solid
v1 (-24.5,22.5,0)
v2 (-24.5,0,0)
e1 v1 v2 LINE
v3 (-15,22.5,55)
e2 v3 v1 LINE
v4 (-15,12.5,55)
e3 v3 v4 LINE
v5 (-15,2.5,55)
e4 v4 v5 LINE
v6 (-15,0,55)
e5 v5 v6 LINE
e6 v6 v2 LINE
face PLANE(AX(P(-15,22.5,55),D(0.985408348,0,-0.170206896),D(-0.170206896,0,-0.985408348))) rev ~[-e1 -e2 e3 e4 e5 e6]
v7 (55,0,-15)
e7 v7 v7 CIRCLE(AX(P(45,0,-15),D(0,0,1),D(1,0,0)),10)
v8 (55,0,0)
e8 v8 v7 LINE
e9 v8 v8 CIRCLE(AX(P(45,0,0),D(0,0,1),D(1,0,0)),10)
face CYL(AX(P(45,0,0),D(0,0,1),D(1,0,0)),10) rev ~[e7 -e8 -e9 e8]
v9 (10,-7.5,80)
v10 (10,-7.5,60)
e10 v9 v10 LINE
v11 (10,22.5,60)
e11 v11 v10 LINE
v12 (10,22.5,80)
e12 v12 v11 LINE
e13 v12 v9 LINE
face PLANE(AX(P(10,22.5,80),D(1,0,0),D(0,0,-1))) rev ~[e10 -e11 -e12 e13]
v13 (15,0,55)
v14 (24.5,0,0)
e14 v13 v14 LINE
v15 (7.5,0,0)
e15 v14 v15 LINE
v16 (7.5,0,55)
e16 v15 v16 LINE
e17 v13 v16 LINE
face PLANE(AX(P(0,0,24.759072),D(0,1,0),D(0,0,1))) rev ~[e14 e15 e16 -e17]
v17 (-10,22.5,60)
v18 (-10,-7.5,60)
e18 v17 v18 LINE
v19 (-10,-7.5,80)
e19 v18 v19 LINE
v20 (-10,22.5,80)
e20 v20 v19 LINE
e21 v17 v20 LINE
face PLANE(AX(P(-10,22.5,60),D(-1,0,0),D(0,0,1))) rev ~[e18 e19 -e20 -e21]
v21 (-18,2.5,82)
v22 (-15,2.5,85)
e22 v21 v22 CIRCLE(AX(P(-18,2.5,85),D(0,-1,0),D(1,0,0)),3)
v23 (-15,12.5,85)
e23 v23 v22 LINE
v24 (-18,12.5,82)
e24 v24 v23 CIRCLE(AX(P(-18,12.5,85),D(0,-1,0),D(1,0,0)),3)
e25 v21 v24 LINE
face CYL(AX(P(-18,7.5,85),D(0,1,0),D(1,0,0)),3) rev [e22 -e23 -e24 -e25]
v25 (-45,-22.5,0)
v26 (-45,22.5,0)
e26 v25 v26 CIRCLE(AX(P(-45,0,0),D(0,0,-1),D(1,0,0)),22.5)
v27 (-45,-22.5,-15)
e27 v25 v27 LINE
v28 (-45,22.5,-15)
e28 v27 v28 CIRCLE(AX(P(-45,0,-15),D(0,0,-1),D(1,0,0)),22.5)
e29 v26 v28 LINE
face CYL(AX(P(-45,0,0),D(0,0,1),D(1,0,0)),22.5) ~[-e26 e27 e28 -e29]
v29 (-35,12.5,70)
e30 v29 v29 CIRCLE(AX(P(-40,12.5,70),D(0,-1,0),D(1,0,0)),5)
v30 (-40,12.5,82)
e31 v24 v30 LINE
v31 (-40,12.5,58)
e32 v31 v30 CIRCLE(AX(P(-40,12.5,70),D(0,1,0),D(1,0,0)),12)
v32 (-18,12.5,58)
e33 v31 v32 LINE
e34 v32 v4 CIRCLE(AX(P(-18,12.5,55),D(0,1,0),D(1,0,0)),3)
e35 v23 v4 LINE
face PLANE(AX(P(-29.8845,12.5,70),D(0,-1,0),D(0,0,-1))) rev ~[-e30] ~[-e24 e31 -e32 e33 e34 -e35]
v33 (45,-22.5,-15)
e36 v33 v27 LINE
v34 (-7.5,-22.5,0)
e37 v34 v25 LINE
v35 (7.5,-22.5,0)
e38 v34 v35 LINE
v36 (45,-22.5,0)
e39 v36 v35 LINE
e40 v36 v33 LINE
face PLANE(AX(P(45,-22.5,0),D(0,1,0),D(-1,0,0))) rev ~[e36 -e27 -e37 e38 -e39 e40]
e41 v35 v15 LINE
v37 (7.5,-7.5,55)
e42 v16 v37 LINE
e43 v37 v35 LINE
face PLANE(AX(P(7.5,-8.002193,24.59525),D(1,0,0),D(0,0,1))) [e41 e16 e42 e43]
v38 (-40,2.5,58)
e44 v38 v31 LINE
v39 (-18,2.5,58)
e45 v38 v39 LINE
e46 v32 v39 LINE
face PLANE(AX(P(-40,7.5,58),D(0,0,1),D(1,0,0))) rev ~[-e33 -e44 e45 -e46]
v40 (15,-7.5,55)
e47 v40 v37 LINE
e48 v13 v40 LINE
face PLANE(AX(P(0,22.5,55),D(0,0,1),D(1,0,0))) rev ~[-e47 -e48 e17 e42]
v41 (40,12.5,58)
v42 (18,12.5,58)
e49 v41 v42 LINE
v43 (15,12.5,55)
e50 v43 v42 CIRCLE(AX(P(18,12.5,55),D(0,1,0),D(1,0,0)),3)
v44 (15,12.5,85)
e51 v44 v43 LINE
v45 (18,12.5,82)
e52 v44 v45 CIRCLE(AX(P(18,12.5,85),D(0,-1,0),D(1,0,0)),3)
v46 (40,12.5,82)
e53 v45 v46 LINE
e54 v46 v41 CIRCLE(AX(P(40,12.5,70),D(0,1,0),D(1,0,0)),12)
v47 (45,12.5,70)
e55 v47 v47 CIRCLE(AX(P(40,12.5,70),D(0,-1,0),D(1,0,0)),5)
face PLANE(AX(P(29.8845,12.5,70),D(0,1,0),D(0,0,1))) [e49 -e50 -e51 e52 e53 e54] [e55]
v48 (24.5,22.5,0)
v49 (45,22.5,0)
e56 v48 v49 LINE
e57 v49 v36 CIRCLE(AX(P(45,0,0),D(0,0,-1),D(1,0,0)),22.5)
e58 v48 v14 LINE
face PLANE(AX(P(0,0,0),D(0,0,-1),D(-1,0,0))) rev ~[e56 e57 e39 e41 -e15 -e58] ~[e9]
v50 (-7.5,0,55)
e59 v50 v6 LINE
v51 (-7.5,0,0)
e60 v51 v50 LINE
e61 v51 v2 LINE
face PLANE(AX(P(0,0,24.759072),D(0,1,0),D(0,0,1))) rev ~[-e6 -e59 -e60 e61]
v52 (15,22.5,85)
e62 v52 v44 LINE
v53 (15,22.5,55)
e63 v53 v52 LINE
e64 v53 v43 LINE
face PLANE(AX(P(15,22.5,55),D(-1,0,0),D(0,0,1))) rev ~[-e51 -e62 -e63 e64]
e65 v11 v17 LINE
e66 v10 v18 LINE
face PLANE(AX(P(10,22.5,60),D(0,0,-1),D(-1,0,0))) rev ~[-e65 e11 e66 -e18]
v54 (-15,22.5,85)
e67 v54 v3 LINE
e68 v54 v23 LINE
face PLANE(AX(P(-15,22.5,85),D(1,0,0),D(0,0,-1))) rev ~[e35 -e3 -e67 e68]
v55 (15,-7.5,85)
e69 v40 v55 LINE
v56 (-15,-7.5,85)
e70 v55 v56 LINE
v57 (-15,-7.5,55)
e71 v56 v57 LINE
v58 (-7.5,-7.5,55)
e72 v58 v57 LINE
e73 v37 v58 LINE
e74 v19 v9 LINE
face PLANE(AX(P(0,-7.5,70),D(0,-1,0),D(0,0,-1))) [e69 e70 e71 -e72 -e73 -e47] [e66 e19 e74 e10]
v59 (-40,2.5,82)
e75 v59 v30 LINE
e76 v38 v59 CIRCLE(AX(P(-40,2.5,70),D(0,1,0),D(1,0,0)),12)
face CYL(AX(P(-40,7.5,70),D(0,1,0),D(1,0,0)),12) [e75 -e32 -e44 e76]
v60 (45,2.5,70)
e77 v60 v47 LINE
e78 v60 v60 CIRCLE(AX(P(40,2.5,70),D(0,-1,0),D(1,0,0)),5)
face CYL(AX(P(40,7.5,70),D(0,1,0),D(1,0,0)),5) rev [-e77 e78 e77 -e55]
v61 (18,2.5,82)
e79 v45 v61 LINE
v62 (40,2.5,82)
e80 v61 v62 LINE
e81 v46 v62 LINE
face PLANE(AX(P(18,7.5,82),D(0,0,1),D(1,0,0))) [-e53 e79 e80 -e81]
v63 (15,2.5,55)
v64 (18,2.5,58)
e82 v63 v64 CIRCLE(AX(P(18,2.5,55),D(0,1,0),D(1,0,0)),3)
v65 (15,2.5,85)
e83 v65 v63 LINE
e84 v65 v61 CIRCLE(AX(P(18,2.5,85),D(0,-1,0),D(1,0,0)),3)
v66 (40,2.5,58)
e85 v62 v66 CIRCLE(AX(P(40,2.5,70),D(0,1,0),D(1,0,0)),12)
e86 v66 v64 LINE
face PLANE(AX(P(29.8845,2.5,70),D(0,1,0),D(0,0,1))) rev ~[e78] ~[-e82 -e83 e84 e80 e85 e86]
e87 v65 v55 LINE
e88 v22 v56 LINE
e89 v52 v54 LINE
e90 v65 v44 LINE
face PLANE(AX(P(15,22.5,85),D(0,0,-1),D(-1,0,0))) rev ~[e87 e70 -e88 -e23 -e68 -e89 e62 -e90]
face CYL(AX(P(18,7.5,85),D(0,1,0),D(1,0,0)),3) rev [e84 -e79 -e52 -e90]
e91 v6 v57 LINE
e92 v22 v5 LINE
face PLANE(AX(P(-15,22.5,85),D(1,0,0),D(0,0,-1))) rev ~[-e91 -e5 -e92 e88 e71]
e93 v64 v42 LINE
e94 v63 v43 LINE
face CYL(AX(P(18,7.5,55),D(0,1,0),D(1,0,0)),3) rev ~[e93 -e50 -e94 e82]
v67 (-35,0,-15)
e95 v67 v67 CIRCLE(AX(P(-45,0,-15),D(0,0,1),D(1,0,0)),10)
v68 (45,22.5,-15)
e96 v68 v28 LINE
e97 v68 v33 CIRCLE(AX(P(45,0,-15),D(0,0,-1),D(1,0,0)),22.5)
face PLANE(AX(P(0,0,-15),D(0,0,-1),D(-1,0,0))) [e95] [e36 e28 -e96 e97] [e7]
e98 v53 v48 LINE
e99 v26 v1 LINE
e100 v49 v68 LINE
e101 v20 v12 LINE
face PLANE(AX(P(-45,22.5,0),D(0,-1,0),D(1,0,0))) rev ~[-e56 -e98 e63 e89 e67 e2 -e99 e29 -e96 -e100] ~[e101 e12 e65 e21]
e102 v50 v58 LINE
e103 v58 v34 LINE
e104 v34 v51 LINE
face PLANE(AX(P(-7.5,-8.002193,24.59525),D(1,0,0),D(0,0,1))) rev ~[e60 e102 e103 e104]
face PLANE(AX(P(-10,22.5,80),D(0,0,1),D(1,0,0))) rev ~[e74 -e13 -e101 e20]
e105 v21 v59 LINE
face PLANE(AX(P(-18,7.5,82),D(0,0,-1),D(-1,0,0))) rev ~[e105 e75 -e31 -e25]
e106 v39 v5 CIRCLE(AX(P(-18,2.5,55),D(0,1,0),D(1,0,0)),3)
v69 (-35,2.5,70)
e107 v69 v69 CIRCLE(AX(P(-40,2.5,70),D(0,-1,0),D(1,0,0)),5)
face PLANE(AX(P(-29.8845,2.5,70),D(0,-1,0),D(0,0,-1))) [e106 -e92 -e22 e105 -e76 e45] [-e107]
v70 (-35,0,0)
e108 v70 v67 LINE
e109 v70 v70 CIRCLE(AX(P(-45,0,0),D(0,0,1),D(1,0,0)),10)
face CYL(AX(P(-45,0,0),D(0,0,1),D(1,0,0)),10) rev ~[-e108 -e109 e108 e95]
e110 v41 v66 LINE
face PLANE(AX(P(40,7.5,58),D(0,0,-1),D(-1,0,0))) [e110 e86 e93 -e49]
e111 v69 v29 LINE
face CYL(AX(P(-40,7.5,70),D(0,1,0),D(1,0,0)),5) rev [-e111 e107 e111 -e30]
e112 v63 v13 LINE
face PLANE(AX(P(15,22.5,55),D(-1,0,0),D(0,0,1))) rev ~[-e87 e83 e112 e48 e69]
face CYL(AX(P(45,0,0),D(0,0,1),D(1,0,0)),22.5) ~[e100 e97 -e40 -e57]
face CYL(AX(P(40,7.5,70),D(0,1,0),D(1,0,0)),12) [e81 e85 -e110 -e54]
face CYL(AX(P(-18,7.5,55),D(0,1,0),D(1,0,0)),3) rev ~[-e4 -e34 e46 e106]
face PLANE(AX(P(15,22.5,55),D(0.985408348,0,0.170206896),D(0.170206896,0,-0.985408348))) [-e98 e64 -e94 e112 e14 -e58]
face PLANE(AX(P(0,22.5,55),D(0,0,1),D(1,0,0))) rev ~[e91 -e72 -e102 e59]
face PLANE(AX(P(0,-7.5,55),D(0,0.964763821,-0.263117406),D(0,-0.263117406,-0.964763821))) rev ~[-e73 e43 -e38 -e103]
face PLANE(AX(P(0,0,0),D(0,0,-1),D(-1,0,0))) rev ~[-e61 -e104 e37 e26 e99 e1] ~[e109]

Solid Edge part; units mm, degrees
sketch "Sketch1" plane through (0, 0, 0) normal (0, 0, 1) x (1, 0, 0)
  line L0 (-45, 22.5) -> (-24.5, 22.5)
  line L1 (-24.5, 22.5) -> (-7.5, 22.5)
  line L2 (-7.5, 22.5) -> (7.5, 22.5)
  line L3 (7.5, 22.5) -> (24.5, 22.5)
  line L4 (24.5, 22.5) -> (45, 22.5)
  line L5 (45, -22.5) -> (-45, -22.5)
  arc A0 (-45, -22.5) -> (-45, 22.5) centre (-45, 0) cw
  arc A1 (45, 22.5) -> (45, -22.5) centre (45, 0) cw
  circle A2 centre (-45, 0) radius 10
  circle A3 centre (45, 0) radius 10
extrude "Protrusion1" add sketch "Sketch1" against normal blind 15
sketch "Sketch2" plane through (0, 0, 0) normal (0, 0, 1) x (1, 0, 0)
  line L0 (-7.5, 0) -> (7.5, 0)
  line L1 (7.5, 0) -> (7.5, 22.5)
  line L2 (-7.5, 22.5) -> (7.5, 22.5)
  line L3 (-7.5, 22.5) -> (-7.5, 0)
extrude "ExtrudedProtrusion_2" add sketch "Sketch2" along normal blind 55
sketch "Sketch3" plane through (0, 22.5, 20) normal (0, 1, 0) x (1, 0, 0)
  line L0 (15, -35) -> (15, -65)
  line L1 (15, -65) -> (-15, -65)
  line L2 (-15, -65) -> (-15, -35)
  line L3 (-15, -35) -> (0, -35)
  line L4 (0, -35) -> (15, -35)
  line L5 (10, -40) -> (-10, -40)
  line L6 (-10, -40) -> (-10, -60)
  line L7 (-10, -60) -> (10, -60)
  line L8 (10, -60) -> (10, -40)
extrude "ExtrudedProtrusion_3" add sketch "Sketch3" against normal blind 30
sketch "Sketch4" plane through (0, 22.5, 20) normal (0, 1, 0) x (1, 0, 0)
  line L0 (15, -35) -> (24.5, 20)
  line L1 (24.5, 20) -> (-24.5, 20)
  line L2 (-15, -35) -> (-24.5, 20)
  line L3 (-15, -35) -> (0, -35)
  line L4 (0, -35) -> (15, -35)
extrude "ExtrudedProtrusion_4" add sketch "Sketch4" against normal blind 22.5
sketch "Sketch5" plane through (0, 0, 0) normal (1, 0, 0) x (0, 1, 0)
  line L0 (-7.5, 55) -> (-22.5, 0)
  line L1 (-22.5, 0) -> (0, 0)
  line L2 (0, 0) -> (0, 55)
  line L3 (0, 55) -> (-7.5, 55)
extrude "ExtrudedProtrusion_5" add sketch "Sketch5" along normal mid plane 15
sketch "Sketch6" plane through (0, 7.5, 70) normal (0, -1, 0) x (1, 0, 0)
  line L0 (-40, -12) -> (-18, -12)
  line L1 (-15, 15) -> (-15, -15)
  arc A0 (-18, 12) -> (-15, 15) centre (-18, 15) ccw
  line L2 (-18, 12) -> (-40, 12)
  arc A1 (-18, -12) -> (-15, -15) centre (-18, -15) cw
  arc A2 (-40, -12) -> (-40, 12) centre (-40, 0) cw
  circle A3 centre (-40, 0) radius 5
  line L3 (40, -12) -> (18, -12)
  line L4 (15, 15) -> (15, -15)
  arc A4 (15, 15) -> (18, 12) centre (18, 15) ccw
  line L5 (18, 12) -> (40, 12)
  arc A5 (40, 12) -> (40, -12) centre (40, 0) cw
  arc A6 (15, -15) -> (18, -12) centre (18, -15) cw
  circle A7 centre (40, 0) radius 5
extrude "ExtrudedProtrusion_6" add sketch "Sketch6" along normal mid plane 10
